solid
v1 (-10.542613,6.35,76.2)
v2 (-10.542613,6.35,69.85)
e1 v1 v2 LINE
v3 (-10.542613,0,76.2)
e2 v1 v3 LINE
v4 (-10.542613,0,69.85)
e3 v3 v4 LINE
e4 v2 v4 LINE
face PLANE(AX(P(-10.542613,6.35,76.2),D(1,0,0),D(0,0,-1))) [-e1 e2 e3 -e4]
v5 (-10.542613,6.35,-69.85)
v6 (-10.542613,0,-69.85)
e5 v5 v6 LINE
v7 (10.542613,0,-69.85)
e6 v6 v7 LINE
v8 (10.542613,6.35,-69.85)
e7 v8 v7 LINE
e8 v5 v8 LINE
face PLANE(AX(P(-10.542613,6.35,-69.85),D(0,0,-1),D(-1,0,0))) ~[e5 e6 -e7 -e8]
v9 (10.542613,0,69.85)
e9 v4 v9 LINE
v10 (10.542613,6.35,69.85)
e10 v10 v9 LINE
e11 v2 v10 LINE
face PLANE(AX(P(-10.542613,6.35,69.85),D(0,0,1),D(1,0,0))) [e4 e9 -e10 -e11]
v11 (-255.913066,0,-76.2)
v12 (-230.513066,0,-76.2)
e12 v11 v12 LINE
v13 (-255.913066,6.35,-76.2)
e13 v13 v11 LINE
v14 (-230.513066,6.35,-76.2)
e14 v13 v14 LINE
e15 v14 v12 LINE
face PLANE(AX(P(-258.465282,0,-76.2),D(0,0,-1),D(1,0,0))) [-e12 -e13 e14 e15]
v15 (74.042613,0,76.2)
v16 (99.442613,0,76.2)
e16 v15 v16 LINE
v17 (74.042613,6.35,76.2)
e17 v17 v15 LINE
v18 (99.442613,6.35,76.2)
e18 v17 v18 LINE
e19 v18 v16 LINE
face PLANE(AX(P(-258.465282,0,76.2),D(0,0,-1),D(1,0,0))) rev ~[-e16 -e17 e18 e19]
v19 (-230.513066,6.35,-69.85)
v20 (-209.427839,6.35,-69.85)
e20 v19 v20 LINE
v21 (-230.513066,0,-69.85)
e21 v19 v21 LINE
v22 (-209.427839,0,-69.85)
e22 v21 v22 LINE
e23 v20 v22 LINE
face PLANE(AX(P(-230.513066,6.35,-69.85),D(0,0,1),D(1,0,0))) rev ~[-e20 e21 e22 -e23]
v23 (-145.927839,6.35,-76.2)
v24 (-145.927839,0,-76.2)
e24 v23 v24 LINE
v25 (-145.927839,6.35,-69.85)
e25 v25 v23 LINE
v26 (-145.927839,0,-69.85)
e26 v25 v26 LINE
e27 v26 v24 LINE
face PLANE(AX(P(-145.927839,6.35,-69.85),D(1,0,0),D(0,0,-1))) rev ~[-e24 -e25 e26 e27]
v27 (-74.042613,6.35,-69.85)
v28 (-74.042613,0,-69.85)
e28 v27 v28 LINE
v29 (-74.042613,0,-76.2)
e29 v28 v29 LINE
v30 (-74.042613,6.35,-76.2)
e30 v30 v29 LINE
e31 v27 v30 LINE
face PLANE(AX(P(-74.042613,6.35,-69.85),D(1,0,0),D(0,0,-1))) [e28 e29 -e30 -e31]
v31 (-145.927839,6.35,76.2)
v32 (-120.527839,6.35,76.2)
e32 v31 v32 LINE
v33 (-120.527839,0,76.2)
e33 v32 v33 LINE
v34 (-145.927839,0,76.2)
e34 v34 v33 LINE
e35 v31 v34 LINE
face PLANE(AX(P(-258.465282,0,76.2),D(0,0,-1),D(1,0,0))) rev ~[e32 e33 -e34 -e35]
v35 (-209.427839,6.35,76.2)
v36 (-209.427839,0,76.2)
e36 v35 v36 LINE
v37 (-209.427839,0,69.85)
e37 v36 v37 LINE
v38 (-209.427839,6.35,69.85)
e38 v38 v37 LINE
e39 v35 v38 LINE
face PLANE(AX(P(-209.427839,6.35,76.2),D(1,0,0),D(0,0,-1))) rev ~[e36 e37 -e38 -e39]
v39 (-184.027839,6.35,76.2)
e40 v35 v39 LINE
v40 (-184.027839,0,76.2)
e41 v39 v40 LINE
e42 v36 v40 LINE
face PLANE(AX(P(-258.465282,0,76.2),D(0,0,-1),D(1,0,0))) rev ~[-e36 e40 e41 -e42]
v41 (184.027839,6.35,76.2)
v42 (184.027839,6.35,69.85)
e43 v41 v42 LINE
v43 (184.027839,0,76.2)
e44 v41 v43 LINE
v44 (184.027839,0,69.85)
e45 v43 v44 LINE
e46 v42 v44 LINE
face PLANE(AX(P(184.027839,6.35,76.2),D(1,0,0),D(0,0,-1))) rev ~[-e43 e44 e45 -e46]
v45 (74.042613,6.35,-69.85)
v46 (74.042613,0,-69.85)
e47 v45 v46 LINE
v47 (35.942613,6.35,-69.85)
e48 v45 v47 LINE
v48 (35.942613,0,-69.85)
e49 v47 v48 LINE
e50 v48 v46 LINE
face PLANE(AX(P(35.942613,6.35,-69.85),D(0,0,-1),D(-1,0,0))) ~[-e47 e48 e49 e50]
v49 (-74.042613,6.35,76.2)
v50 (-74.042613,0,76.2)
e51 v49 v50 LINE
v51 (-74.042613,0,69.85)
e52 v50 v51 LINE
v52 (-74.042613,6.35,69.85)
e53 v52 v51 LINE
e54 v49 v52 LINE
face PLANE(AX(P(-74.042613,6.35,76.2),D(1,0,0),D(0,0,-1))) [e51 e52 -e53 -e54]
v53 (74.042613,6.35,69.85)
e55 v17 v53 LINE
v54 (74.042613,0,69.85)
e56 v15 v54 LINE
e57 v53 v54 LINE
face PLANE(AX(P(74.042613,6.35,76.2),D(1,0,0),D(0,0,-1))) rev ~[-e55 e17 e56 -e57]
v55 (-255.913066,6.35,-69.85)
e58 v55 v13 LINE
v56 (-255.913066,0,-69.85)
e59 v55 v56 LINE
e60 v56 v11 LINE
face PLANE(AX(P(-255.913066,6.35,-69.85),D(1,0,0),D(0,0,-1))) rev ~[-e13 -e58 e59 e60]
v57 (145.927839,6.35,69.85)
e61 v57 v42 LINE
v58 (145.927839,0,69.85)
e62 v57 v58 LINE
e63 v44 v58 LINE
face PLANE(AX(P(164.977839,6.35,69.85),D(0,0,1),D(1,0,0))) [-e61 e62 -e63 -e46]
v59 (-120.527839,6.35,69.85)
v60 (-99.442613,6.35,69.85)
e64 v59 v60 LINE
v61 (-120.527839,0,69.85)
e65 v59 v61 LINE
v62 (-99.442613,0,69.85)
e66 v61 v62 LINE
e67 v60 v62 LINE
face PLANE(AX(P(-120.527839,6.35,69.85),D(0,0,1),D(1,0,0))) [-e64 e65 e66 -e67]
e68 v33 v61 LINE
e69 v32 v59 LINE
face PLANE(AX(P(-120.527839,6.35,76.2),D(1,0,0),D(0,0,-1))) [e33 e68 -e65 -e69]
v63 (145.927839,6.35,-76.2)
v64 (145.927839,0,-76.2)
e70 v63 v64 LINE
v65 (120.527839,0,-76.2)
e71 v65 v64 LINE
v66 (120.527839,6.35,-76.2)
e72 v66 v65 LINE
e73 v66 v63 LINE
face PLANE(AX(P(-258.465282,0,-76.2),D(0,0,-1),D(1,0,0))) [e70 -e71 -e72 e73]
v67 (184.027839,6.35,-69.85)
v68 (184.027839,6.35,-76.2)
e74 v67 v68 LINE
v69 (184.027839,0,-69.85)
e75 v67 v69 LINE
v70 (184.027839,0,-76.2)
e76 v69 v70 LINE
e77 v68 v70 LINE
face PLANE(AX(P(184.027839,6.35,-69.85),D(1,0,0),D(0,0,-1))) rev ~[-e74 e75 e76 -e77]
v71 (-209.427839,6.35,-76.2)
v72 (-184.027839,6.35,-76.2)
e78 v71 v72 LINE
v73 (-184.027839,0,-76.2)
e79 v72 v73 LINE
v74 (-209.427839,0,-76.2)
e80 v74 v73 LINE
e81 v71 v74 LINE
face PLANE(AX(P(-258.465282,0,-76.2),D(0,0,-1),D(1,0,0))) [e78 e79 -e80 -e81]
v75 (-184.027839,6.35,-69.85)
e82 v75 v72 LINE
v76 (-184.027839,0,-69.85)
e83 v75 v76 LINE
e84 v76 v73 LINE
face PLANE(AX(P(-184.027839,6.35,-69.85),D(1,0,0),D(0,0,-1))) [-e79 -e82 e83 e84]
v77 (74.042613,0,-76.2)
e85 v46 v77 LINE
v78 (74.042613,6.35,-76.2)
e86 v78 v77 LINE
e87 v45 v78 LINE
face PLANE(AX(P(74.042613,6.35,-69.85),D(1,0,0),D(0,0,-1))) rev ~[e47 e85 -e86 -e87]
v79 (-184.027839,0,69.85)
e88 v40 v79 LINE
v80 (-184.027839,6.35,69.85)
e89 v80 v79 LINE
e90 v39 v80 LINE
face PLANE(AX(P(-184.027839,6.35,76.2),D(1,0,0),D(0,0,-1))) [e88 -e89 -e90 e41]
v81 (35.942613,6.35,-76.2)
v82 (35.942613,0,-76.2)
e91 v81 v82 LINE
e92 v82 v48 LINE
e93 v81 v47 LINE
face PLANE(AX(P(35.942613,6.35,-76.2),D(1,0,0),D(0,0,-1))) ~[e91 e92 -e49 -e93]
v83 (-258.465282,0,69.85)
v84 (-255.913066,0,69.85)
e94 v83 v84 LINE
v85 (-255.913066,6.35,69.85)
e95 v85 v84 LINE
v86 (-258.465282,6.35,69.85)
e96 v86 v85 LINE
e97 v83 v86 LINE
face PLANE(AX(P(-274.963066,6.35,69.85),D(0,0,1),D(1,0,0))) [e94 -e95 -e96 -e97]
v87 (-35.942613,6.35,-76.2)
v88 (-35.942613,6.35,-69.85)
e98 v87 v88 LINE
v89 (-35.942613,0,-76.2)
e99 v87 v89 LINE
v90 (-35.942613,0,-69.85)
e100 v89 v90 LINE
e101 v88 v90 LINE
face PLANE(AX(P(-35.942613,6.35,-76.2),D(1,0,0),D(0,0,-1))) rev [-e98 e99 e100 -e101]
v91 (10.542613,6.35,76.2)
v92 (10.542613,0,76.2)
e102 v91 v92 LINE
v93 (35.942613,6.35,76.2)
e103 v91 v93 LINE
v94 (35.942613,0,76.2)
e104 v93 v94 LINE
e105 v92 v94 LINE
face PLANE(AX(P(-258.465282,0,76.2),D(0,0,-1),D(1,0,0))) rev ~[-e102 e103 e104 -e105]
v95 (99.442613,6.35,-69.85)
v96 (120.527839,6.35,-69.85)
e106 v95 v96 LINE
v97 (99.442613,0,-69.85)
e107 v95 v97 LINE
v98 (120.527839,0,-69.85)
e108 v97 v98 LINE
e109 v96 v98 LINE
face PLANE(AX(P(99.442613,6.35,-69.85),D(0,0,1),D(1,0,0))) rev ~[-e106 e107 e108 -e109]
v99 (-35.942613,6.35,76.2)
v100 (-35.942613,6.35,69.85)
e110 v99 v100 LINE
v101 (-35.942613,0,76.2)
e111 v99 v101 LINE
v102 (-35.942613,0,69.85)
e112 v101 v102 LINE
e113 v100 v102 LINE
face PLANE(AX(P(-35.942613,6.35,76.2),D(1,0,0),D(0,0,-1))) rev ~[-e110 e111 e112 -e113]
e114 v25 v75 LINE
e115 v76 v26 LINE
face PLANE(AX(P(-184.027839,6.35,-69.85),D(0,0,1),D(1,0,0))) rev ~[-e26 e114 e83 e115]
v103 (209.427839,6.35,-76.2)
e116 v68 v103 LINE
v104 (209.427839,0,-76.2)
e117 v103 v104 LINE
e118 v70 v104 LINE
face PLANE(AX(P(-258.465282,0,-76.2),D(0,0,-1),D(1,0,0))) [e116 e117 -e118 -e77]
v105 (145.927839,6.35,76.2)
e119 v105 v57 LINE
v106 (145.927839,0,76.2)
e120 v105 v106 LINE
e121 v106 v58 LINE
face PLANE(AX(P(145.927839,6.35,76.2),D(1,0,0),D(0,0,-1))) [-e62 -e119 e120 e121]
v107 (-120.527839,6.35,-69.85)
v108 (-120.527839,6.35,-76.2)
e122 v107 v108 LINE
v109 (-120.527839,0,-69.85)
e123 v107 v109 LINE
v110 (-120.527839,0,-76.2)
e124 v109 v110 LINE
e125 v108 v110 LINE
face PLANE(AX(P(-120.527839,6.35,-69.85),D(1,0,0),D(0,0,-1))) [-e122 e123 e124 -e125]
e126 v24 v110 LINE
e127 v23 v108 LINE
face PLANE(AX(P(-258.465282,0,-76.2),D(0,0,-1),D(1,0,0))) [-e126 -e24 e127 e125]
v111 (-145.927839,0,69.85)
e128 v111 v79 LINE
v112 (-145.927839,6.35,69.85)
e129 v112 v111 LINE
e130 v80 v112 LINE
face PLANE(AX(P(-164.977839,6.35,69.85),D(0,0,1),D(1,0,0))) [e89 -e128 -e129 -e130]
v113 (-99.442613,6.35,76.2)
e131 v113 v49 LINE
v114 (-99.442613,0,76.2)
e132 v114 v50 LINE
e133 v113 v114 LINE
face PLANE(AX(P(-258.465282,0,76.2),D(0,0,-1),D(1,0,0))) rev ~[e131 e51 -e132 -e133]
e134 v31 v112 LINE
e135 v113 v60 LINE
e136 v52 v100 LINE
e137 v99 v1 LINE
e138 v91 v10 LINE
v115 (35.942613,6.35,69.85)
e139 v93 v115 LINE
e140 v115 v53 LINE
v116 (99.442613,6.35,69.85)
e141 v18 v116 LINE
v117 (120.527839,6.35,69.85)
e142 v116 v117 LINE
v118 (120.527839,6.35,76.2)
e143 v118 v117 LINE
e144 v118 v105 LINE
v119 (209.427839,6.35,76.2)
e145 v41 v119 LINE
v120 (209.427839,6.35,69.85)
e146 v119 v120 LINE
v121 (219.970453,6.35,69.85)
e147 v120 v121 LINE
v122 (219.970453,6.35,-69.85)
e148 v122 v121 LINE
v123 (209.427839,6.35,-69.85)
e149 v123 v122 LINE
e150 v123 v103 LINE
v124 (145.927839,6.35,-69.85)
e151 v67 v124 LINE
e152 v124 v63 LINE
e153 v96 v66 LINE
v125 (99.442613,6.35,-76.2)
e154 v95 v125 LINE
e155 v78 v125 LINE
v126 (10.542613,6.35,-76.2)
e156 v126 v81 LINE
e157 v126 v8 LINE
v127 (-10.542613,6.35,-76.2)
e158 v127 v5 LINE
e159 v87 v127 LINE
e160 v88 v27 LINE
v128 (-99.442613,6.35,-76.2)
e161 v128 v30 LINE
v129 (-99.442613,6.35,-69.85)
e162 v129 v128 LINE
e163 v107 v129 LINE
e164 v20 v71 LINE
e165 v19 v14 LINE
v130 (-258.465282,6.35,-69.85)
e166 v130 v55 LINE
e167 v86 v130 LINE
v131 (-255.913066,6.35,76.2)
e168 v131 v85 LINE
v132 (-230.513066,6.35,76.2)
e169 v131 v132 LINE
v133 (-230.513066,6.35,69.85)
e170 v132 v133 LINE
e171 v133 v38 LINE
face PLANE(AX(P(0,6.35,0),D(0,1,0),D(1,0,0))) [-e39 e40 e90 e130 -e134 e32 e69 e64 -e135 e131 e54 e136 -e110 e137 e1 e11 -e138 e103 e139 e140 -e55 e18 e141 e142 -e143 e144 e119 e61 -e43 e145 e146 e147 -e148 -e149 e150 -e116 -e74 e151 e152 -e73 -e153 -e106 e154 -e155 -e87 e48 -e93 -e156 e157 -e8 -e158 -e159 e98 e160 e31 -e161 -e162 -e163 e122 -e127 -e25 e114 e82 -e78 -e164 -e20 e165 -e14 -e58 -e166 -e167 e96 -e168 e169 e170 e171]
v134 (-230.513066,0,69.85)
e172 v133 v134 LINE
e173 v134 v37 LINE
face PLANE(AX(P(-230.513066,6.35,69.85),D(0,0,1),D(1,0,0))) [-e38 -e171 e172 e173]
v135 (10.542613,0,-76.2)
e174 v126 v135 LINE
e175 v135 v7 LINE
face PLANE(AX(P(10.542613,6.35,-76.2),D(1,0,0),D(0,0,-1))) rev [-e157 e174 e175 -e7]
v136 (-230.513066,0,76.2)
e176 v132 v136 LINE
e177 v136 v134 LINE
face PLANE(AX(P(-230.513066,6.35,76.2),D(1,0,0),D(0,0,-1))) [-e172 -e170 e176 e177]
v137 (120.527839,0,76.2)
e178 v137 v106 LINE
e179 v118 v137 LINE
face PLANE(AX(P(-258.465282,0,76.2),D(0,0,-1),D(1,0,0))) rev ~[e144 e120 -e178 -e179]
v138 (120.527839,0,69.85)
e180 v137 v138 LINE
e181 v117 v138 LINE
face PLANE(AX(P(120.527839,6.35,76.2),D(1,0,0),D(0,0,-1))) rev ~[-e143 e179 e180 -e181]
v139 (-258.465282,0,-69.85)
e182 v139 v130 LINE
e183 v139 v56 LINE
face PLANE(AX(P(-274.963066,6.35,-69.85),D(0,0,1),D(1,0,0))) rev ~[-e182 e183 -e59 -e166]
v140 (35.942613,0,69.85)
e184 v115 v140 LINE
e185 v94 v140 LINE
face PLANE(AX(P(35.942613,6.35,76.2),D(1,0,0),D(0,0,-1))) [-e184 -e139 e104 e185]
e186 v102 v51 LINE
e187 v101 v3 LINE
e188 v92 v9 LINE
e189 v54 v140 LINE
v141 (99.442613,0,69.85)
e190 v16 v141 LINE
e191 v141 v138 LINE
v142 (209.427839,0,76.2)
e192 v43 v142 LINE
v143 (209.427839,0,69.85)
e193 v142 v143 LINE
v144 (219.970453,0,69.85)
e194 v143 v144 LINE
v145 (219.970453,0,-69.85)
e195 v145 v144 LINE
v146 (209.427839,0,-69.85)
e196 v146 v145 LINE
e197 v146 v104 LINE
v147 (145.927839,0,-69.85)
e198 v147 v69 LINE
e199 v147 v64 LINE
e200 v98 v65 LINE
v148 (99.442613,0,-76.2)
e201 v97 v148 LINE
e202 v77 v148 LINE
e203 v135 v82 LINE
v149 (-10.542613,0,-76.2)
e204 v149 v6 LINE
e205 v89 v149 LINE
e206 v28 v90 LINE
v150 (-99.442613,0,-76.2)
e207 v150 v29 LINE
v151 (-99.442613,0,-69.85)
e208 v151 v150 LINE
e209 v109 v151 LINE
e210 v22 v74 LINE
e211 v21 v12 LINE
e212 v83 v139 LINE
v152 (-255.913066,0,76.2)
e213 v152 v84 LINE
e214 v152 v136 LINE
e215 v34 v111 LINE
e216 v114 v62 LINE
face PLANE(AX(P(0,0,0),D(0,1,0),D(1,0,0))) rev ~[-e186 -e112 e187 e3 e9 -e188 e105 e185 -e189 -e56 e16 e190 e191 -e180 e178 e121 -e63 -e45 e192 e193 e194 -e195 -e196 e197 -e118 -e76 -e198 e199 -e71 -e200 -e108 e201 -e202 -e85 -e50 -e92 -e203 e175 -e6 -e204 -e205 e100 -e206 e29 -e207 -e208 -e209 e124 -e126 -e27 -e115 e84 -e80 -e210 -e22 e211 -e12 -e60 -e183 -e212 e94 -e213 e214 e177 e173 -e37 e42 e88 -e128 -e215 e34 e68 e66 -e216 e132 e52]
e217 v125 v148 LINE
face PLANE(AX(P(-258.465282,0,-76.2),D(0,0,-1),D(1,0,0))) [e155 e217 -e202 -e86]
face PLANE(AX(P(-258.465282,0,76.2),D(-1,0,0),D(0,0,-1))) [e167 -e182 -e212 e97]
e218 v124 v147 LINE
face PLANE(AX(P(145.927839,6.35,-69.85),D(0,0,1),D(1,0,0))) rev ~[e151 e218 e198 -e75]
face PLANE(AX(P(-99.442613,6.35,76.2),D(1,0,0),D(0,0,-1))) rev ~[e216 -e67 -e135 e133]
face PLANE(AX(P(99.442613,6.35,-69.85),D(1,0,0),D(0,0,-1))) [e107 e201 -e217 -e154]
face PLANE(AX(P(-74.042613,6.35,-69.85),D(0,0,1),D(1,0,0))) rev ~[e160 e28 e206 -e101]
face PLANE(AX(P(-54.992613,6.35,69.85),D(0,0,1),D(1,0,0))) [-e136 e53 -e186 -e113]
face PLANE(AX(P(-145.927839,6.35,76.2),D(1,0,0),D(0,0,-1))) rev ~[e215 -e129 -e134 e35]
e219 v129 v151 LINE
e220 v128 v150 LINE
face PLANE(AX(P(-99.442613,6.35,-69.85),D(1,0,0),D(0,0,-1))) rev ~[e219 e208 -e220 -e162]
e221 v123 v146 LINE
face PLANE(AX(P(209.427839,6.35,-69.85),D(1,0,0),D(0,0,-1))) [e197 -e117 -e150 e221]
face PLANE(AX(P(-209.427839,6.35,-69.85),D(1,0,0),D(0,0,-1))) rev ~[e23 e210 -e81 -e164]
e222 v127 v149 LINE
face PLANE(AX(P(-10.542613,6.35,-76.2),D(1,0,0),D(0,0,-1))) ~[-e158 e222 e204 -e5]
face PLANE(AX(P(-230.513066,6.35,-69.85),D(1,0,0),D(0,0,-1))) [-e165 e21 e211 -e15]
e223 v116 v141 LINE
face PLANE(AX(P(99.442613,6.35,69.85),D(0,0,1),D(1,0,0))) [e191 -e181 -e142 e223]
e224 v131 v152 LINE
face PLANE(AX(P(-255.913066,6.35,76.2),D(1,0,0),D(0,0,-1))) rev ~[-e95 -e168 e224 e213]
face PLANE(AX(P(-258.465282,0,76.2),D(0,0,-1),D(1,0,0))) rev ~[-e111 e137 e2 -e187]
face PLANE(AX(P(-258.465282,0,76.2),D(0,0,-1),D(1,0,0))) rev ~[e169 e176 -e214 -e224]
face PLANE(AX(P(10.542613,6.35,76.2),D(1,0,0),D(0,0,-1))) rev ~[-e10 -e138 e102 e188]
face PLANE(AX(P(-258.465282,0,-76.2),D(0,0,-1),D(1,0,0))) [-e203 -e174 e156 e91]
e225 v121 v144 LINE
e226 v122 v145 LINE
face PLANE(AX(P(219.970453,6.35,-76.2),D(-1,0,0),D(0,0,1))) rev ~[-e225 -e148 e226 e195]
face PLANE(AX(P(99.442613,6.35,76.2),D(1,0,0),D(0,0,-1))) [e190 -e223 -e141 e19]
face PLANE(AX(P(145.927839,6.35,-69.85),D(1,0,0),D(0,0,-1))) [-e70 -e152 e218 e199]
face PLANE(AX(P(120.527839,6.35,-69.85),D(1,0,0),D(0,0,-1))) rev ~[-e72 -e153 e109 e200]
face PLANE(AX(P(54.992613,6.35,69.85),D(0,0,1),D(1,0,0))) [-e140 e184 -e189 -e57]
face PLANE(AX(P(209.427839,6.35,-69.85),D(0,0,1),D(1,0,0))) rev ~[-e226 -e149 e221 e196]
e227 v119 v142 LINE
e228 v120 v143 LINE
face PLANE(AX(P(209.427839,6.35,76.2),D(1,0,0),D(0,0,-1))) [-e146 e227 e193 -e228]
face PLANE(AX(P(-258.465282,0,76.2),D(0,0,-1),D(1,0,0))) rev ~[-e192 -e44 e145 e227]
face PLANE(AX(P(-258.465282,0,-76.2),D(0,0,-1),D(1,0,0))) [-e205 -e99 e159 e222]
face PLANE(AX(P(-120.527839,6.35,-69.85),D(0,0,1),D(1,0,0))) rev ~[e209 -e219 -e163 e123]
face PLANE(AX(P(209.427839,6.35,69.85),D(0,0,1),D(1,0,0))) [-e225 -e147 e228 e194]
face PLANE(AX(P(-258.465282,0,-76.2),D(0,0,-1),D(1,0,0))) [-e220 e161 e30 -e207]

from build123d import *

# Parameters (mm, degrees)
SKETCH1_W                 = 516.930563546
SKETCH1_H                 = 152.4
BOSS_EXTRUDE1_DEPTH       = 6.35
SKETCH2_W                 = 21.085226308
SKETCH2_H                 = 6.35
SKETCH2_W_2               = 19.05
CUT_EXTRUDE1_DEPTH        = 7.35
LPATTERN1_COUNT           = 3
LPATTERN1_PITCH           = 109.985226308
LPATTERN1_COL_COUNT       = 3
LPATTERN1_COL_PITCH       = 109.985226308
MIRROR1_COPY_1_SKETCH_W   = 21.085226308
MIRROR1_COPY_1_SKETCH_H   = 6.35
MIRROR1_COPY_1_SKETCH_W_2 = 19.05
MIRROR1_COPY_1_DEPTH      = 7.35
MIRROR1_COPY_2_SKETCH_W   = 21.085226308
MIRROR1_COPY_2_SKETCH_H   = 6.35
MIRROR1_COPY_2_SKETCH_W_2 = 19.05
MIRROR1_COPY_2_DEPTH      = 7.35
MIRROR1_COPY_3_SKETCH_W   = 21.085226308
MIRROR1_COPY_3_SKETCH_H   = 6.35
MIRROR1_COPY_3_SKETCH_W_2 = 19.05
MIRROR1_COPY_3_DEPTH      = 7.35
MIRROR1_COPY_4_SKETCH_W   = 21.085226308
MIRROR1_COPY_4_SKETCH_H   = 6.35
MIRROR1_COPY_4_SKETCH_W_2 = 19.05
MIRROR1_COPY_4_DEPTH      = 7.35
CUT_EXTRUDE2_DEPTH        = 7.35


with BuildPart() as part:
    # Sketch1 → Boss-Extrude1 (new body)
    with BuildSketch(Plane(origin=(0, 0, 0), x_dir=(1, 0, 0), z_dir=(0, 1, 0))):
        Rectangle(SKETCH1_W, SKETCH1_H)
    extrude(amount=BOSS_EXTRUDE1_DEPTH)

    # Sketch2 → Cut-Extrude1 (cut, through all)
    with BuildSketch(Plane(origin=(0, 6.35, 0), x_dir=(1, 0, 0), z_dir=(0, 1, 0))):
        with Locations((0, -73.025)):
            Rectangle(SKETCH2_W, SKETCH2_H)
        with Locations((-45.467613154, -73.025)):
            Rectangle(SKETCH2_W_2, SKETCH2_H)
        with Locations((45.467613154, -73.025)):
            Rectangle(SKETCH2_W_2, SKETCH2_H)
    cut_extrude1 = extrude(amount=-CUT_EXTRUDE1_DEPTH, mode=Mode.SUBTRACT)

    # LPattern1: Cut-Extrude1 ×3
    with Locations(*[(i * LPATTERN1_PITCH, 0, 0) for i in range(1, LPATTERN1_COUNT)]):
        add(cut_extrude1, mode=Mode.SUBTRACT)

    # LPattern1 col: Cut-Extrude1 ×3
    with Locations(*[(-i * LPATTERN1_COL_PITCH, 0, 0) for i in range(1, LPATTERN1_COL_COUNT)]):
        add(cut_extrude1, mode=Mode.SUBTRACT)

    # Mirror1: Cut-Extrude1 across plane
    add(cut_extrude1.mirror(Plane.XY), mode=Mode.SUBTRACT)

    # Mirror1 copy 1 sketch → Mirror1 copy 1 (cut, through all)
    with BuildSketch(Plane(origin=(109.985226308, 6.35, 0), x_dir=(1, 0, 0), z_dir=(0, 1, 0))):
        with Locations((0, 73.025)):
            Rectangle(MIRROR1_COPY_1_SKETCH_W, MIRROR1_COPY_1_SKETCH_H)
        with Locations((-45.467613154, 73.025)):
            Rectangle(MIRROR1_COPY_1_SKETCH_W_2, MIRROR1_COPY_1_SKETCH_H)
        with Locations((45.467613154, 73.025)):
            Rectangle(MIRROR1_COPY_1_SKETCH_W_2, MIRROR1_COPY_1_SKETCH_H)
    extrude(amount=-MIRROR1_COPY_1_DEPTH, mode=Mode.SUBTRACT)

    # Mirror1 copy 2 sketch → Mirror1 copy 2 (cut, through all)
    with BuildSketch(Plane(origin=(219.970452616, 6.35, 0), x_dir=(1, 0, 0), z_dir=(0, 1, 0))):
        with Locations((0, 73.025)):
            Rectangle(MIRROR1_COPY_2_SKETCH_W, MIRROR1_COPY_2_SKETCH_H)
        with Locations((-45.467613154, 73.025)):
            Rectangle(MIRROR1_COPY_2_SKETCH_W_2, MIRROR1_COPY_2_SKETCH_H)
        with Locations((45.467613154, 73.025)):
            Rectangle(MIRROR1_COPY_2_SKETCH_W_2, MIRROR1_COPY_2_SKETCH_H)
    extrude(amount=-MIRROR1_COPY_2_DEPTH, mode=Mode.SUBTRACT)

    # Mirror1 copy 3 sketch → Mirror1 copy 3 (cut, through all)
    with BuildSketch(Plane(origin=(-109.985226308, 6.35, 0), x_dir=(1, 0, 0), z_dir=(0, 1, 0))):
        with Locations((0, 73.025)):
            Rectangle(MIRROR1_COPY_3_SKETCH_W, MIRROR1_COPY_3_SKETCH_H)
        with Locations((-45.467613154, 73.025)):
            Rectangle(MIRROR1_COPY_3_SKETCH_W_2, MIRROR1_COPY_3_SKETCH_H)
        with Locations((45.467613154, 73.025)):
            Rectangle(MIRROR1_COPY_3_SKETCH_W_2, MIRROR1_COPY_3_SKETCH_H)
    extrude(amount=-MIRROR1_COPY_3_DEPTH, mode=Mode.SUBTRACT)

    # Mirror1 copy 4 sketch → Mirror1 copy 4 (cut, through all)
    with BuildSketch(Plane(origin=(-219.970452616, 6.35, 0), x_dir=(1, 0, 0), z_dir=(0, 1, 0))):
        with Locations((0, 73.025)):
            Rectangle(MIRROR1_COPY_4_SKETCH_W, MIRROR1_COPY_4_SKETCH_H)
        with Locations((-45.467613154, 73.025)):
            Rectangle(MIRROR1_COPY_4_SKETCH_W_2, MIRROR1_COPY_4_SKETCH_H)
        with Locations((45.467613154, 73.025)):
            Rectangle(MIRROR1_COPY_4_SKETCH_W_2, MIRROR1_COPY_4_SKETCH_H)
    extrude(amount=-MIRROR1_COPY_4_DEPTH, mode=Mode.SUBTRACT)

    # Sketch3 → Cut-Extrude2 (cut, through all)
    with BuildSketch(Plane(origin=(0, 6.35, 0), x_dir=(1, 0, 0), z_dir=(0, 1, 0))):
        Polygon((219.970452616, 69.85), (219.970452616, -76.2), (258.465281773, -76.2), (258.465281773, 76.2), (219.970452616, 76.2), align=None)
    extrude(amount=-CUT_EXTRUDE2_DEPTH, mode=Mode.SUBTRACT)


solid = part.part
